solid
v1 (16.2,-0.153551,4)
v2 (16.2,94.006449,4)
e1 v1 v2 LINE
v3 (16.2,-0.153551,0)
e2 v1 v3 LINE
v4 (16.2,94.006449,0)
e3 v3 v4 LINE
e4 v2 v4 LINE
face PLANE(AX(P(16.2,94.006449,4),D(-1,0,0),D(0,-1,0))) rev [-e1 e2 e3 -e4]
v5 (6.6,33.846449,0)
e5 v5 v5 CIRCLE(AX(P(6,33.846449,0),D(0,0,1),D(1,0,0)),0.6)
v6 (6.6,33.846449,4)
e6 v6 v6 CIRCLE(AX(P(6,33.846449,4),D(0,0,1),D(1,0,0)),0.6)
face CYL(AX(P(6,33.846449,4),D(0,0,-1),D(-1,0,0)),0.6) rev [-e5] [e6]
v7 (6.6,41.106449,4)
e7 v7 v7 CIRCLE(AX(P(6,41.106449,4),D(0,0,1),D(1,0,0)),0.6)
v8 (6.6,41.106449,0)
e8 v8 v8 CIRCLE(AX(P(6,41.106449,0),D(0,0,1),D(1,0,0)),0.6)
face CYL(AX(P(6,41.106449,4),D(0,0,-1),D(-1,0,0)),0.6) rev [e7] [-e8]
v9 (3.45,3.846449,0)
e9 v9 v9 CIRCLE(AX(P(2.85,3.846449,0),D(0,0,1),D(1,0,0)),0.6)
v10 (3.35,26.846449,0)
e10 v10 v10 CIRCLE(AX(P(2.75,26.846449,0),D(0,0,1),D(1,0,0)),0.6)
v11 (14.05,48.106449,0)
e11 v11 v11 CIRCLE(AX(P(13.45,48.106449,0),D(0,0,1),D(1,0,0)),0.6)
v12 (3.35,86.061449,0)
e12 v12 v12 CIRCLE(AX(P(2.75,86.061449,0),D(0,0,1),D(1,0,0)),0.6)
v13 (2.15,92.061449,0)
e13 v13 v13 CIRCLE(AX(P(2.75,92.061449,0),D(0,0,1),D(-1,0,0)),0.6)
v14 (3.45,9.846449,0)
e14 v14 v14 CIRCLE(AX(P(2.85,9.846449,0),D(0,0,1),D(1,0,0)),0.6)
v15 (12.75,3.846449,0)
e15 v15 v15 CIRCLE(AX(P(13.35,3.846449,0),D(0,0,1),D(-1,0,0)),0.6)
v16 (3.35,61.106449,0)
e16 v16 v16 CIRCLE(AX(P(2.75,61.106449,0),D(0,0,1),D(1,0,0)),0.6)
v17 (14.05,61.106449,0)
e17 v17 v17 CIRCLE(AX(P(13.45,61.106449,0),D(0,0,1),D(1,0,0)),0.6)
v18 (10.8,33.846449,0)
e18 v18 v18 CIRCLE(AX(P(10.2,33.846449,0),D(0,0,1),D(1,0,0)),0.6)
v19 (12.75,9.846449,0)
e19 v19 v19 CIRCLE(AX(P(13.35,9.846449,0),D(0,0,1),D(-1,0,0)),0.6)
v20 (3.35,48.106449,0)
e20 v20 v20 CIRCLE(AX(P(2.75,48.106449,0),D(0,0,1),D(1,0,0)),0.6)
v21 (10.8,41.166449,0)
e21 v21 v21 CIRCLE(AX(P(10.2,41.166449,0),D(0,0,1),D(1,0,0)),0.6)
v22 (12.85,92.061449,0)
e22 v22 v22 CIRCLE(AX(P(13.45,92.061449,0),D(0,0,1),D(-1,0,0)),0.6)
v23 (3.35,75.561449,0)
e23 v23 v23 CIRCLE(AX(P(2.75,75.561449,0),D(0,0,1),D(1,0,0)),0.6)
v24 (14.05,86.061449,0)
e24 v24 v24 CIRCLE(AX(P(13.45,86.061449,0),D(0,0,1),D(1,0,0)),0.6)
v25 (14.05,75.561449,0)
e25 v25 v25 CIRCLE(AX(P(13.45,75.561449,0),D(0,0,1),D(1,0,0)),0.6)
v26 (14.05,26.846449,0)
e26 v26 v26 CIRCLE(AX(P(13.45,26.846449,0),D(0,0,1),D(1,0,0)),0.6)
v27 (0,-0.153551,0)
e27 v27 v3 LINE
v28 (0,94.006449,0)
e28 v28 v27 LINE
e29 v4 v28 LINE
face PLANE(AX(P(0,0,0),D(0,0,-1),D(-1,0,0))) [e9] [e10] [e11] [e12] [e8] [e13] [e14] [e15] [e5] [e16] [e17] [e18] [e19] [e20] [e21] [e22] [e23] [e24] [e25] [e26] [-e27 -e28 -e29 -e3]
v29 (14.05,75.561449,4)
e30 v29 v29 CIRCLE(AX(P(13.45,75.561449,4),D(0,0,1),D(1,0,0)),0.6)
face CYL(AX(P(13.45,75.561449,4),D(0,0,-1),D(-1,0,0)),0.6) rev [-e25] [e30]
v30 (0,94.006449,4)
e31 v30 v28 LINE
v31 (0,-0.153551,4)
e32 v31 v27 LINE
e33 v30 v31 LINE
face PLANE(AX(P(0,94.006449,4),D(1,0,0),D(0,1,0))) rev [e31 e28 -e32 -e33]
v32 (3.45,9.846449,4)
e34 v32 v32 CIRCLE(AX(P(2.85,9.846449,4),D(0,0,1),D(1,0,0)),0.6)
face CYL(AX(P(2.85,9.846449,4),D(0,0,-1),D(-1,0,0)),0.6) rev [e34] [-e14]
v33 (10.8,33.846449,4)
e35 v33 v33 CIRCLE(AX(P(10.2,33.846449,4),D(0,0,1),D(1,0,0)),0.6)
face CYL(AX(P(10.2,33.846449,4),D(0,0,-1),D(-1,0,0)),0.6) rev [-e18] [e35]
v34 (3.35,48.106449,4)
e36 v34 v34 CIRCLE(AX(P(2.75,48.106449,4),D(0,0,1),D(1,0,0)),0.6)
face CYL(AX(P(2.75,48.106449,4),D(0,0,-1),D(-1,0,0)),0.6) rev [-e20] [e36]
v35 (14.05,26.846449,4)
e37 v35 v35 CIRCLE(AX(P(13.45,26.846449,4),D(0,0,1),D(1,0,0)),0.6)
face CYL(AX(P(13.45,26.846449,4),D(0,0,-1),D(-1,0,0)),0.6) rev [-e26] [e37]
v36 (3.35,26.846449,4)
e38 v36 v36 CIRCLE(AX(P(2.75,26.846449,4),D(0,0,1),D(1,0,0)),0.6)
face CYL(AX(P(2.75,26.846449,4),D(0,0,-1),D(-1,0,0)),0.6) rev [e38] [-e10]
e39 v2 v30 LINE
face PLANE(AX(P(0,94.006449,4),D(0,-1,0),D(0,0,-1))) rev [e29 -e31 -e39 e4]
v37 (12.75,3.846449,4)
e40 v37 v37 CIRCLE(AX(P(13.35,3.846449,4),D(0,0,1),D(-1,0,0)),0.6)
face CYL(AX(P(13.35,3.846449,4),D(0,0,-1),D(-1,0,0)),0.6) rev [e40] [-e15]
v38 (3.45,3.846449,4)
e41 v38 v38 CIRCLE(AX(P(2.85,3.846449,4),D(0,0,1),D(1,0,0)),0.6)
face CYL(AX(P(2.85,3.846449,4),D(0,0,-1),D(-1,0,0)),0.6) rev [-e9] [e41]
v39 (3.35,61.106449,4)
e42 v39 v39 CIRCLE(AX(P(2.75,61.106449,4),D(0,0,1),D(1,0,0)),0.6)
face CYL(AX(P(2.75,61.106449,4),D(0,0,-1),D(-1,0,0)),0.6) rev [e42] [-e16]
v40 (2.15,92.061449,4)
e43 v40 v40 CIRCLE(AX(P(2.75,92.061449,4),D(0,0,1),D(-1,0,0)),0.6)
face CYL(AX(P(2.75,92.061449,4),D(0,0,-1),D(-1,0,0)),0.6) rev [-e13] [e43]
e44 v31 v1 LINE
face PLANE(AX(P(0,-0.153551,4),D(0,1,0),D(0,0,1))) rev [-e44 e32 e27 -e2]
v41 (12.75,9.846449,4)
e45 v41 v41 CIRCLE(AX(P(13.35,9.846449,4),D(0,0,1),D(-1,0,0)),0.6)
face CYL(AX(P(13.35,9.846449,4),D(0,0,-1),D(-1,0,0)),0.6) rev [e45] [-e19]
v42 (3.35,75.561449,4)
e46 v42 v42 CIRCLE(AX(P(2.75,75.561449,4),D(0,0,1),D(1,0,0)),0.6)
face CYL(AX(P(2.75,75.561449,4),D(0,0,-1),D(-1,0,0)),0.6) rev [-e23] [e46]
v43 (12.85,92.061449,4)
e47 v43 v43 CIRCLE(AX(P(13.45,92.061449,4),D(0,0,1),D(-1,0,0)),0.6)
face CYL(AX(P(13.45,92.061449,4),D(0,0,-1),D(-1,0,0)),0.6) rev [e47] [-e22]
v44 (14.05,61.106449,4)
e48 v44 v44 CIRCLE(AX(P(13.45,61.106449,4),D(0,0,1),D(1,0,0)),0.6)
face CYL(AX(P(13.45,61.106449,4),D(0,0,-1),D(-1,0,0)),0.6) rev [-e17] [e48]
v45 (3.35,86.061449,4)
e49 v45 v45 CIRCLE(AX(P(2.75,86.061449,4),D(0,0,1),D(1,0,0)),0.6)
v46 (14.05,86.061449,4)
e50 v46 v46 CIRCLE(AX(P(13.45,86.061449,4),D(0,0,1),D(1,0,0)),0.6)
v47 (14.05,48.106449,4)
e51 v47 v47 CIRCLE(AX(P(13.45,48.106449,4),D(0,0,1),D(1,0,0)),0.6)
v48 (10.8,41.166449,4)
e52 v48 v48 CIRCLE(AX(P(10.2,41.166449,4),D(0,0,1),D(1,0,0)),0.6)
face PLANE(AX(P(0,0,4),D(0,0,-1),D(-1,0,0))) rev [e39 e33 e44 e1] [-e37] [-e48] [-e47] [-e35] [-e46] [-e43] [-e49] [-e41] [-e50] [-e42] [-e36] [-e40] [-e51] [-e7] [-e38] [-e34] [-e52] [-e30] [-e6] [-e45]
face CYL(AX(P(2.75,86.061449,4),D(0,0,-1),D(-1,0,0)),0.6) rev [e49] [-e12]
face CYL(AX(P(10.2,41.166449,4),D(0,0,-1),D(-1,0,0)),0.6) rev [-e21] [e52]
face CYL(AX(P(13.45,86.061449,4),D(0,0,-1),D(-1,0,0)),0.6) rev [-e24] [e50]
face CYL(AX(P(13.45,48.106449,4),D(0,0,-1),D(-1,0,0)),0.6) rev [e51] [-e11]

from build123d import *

# Parameters (mm, degrees)
SKETCH3_W           = 16.2
SKETCH3_H           = 94.16
SKETCH3_R           = 0.6
BOSS_EXTRUDE3_DEPTH = 4


with BuildPart() as part:
    # Sketch3 → Boss-Extrude3 (new body)
    with BuildSketch(Plane.XY):
        with Locations((8.1, 46.926448831)):
            Rectangle(SKETCH3_W, SKETCH3_H)
        with Locations((6, 33.846448831)):
            Circle(SKETCH3_R, mode=Mode.SUBTRACT)
        with Locations((10.2, 33.846448831)):
            Circle(SKETCH3_R, mode=Mode.SUBTRACT)
        with Locations((2.75, 86.061448831)):
            Circle(SKETCH3_R, mode=Mode.SUBTRACT)
        with Locations((10.2, 41.166448831)):
            Circle(SKETCH3_R, mode=Mode.SUBTRACT)
        with Locations((13.45, 48.106448831)):
            Circle(SKETCH3_R, mode=Mode.SUBTRACT)
        with Locations((2.75, 92.061448831)):
            Circle(SKETCH3_R, mode=Mode.SUBTRACT)
        with Locations((13.45, 86.061448831)):
            Circle(SKETCH3_R, mode=Mode.SUBTRACT)
        with Locations((2.75, 61.106448831)):
            Circle(SKETCH3_R, mode=Mode.SUBTRACT)
        with Locations((2.85, 9.846448831)):
            Circle(SKETCH3_R, mode=Mode.SUBTRACT)
        with Locations((13.35, 9.846448831)):
            Circle(SKETCH3_R, mode=Mode.SUBTRACT)
        with Locations((13.35, 3.846448831)):
            Circle(SKETCH3_R, mode=Mode.SUBTRACT)
        with Locations((2.85, 3.846448831)):
            Circle(SKETCH3_R, mode=Mode.SUBTRACT)
        with Locations((13.45, 61.106448831)):
            Circle(SKETCH3_R, mode=Mode.SUBTRACT)
        with Locations((2.75, 75.561448831)):
            Circle(SKETCH3_R, mode=Mode.SUBTRACT)
        with Locations((13.45, 26.846448831)):
            Circle(SKETCH3_R, mode=Mode.SUBTRACT)
        with Locations((13.45, 75.561448831)):
            Circle(SKETCH3_R, mode=Mode.SUBTRACT)
        with Locations((13.45, 92.061448831)):
            Circle(SKETCH3_R, mode=Mode.SUBTRACT)
        with Locations((2.75, 26.846448831)):
            Circle(SKETCH3_R, mode=Mode.SUBTRACT)
        with Locations((6, 41.106448831)):
            Circle(SKETCH3_R, mode=Mode.SUBTRACT)
        with Locations((2.75, 48.106448831)):
            Circle(SKETCH3_R, mode=Mode.SUBTRACT)
    extrude(amount=BOSS_EXTRUDE3_DEPTH)


solid = part.part
